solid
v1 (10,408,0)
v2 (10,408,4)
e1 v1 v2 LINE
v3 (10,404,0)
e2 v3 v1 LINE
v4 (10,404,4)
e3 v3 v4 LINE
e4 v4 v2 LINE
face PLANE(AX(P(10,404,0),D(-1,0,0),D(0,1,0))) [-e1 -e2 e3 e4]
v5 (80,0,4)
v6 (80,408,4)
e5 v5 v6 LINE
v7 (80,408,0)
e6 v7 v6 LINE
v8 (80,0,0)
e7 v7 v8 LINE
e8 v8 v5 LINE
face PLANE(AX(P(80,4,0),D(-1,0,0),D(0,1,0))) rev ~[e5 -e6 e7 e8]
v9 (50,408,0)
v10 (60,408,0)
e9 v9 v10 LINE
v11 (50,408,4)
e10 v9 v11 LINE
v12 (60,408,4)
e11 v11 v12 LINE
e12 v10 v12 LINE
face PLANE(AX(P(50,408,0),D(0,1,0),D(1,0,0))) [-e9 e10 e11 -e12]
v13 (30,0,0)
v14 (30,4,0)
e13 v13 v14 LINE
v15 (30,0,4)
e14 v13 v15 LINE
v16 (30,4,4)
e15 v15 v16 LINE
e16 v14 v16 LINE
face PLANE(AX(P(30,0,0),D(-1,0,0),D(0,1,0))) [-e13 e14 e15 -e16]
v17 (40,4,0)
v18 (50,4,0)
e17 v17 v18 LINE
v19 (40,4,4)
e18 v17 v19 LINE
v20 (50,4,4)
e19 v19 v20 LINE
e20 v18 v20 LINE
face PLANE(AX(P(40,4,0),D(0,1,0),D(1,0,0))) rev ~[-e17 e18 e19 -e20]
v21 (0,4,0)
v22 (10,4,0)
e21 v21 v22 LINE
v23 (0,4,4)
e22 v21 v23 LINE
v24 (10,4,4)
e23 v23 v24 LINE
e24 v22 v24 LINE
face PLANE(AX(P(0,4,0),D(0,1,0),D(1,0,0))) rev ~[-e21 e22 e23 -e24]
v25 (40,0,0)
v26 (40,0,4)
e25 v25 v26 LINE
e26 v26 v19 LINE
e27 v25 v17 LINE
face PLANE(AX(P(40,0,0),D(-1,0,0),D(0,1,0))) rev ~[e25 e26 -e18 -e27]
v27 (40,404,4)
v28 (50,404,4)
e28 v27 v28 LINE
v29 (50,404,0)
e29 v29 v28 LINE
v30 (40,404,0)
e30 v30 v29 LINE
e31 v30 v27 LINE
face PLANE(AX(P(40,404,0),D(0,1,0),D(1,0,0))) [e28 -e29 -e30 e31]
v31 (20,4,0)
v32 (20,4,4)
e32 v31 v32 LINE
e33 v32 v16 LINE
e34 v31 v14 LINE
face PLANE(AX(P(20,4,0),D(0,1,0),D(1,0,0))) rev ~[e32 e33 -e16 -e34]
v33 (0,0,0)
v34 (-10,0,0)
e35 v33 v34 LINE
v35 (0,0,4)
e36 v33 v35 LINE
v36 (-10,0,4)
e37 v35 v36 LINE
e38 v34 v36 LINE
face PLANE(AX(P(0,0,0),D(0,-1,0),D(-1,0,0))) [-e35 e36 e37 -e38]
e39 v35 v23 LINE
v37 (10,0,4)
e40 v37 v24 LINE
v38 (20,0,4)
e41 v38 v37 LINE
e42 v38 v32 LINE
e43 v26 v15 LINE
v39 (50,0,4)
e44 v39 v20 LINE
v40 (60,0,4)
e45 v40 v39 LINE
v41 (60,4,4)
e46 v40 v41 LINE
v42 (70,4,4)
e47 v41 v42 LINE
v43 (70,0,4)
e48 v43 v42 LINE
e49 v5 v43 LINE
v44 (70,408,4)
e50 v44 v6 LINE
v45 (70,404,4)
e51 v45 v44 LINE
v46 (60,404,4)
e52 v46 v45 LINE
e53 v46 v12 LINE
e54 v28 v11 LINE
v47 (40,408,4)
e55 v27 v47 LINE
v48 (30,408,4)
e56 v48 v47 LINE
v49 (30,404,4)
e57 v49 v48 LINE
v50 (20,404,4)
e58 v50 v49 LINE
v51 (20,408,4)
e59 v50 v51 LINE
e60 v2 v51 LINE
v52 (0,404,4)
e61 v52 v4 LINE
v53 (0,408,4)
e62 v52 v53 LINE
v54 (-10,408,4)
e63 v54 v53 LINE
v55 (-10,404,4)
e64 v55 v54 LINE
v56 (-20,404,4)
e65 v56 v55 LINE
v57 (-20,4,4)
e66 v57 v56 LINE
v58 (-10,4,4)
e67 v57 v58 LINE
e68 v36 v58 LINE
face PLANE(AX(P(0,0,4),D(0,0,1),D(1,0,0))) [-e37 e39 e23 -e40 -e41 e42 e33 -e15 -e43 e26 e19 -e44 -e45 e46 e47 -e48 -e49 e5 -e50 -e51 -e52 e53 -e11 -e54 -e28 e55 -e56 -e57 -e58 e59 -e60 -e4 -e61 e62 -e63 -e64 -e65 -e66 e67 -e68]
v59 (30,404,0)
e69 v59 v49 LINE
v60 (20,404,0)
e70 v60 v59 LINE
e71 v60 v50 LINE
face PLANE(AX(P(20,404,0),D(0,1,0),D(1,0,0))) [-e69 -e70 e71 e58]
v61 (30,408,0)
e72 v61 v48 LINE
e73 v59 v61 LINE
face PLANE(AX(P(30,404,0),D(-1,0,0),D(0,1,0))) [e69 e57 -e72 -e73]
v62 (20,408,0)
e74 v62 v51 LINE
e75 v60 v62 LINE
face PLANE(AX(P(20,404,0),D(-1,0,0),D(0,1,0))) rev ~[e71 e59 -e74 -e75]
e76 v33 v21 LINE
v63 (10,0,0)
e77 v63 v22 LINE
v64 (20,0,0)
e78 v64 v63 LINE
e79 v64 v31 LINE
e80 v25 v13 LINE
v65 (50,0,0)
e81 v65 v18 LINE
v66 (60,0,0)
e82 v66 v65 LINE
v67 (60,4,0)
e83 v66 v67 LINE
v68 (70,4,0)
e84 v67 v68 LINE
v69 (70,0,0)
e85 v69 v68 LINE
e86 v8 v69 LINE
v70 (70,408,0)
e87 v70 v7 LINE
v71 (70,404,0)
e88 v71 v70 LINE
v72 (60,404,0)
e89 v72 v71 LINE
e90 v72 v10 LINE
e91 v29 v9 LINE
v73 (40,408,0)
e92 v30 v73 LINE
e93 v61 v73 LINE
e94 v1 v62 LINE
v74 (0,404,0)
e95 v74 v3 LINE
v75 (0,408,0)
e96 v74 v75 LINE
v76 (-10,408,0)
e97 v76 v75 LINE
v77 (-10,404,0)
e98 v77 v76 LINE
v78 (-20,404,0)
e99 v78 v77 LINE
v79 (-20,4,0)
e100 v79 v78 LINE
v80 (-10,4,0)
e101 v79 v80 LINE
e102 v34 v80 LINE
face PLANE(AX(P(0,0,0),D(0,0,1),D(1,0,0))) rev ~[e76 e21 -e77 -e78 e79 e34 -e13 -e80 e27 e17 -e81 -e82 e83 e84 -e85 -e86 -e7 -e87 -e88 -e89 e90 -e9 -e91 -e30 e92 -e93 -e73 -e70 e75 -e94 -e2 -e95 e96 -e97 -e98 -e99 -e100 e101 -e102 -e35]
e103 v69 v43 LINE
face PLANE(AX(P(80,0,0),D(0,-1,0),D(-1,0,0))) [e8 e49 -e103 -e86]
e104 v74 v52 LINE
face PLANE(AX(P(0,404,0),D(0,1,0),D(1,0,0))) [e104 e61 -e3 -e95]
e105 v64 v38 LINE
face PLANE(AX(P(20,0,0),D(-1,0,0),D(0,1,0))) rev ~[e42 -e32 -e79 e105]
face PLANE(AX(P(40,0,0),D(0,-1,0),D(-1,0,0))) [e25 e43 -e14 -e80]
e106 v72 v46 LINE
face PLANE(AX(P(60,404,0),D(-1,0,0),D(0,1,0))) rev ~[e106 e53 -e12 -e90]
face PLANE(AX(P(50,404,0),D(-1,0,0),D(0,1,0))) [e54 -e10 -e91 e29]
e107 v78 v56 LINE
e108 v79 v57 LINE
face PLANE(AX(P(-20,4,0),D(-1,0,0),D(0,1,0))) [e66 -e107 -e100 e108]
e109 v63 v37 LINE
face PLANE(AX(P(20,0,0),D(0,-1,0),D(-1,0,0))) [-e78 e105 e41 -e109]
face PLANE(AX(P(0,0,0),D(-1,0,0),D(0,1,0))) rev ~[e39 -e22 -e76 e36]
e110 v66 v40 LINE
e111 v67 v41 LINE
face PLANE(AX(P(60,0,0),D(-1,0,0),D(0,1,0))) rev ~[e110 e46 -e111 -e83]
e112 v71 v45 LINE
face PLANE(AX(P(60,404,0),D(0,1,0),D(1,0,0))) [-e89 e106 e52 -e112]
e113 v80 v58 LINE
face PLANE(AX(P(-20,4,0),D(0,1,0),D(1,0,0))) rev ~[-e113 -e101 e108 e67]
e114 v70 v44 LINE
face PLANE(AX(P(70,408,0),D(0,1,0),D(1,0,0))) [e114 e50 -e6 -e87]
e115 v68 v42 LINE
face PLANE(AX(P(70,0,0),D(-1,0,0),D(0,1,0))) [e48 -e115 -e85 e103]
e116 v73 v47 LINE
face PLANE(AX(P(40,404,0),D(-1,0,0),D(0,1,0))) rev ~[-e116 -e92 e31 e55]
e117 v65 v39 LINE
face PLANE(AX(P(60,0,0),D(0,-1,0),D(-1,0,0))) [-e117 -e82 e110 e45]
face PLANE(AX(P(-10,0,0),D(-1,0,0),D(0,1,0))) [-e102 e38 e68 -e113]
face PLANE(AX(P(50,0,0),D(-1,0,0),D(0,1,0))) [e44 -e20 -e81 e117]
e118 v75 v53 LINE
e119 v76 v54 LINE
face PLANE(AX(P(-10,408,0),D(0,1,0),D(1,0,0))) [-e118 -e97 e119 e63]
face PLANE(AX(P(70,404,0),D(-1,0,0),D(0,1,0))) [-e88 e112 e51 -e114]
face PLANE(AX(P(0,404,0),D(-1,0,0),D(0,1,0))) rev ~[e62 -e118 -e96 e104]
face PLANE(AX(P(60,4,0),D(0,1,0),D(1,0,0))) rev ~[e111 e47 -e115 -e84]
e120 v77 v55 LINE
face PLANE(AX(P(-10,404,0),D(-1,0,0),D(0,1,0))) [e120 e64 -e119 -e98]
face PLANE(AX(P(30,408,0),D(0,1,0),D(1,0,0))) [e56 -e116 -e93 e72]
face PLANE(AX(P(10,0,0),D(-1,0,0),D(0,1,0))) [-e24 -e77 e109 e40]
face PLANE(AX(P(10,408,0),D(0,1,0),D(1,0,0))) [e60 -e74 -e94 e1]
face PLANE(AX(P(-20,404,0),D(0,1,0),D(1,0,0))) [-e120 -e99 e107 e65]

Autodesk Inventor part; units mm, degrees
ref_plane "YZ Plane" through (0, 0, 0) normal (1, 0, 0) x (0, 1, 0)
ref_plane "XZ Plane" through (0, 0, 0) normal (0, 1, 0) x (-1, 0, 0)
ref_plane "XY Plane" through (0, 0, 0) normal (0, 0, 1) x (1, 0, 0)
sketch "Эскиз1" plane through (0, 0, 0) normal (0, 0, 1) x (1, 0, 0)
  line L0 (0, 0) -> (-10, 0) projected
  line L1 (0, 0) -> (0, 4) projected
  line L2 (-10, 4) -> (0, 4) projected
  line L3 (-10, 0) -> (-10, 4) projected
  line L4 (20, 0) -> (10, 0) projected
  line L5 (20, 0) -> (20, 4) projected
  line L6 (10, 4) -> (20, 4) projected
  line L7 (10, 0) -> (10, 4) projected
  line L8 (-20, 4) -> (-10, 4) projected
  line L9 (0, 4) -> (10, 4) projected
  line L10 (40, 0) -> (30, 0) projected
  line L11 (40, 0) -> (40, 4) projected
  line L12 (30, 4) -> (40, 4) projected
  line L13 (30, 0) -> (30, 4) projected
  line L14 (20, 4) -> (30, 4) projected
  line L15 (40, 4) -> (50, 4) projected
  line L16 (60, 0) -> (50, 0) projected
  line L17 (60, 0) -> (60, 4) projected
  line L18 (50, 4) -> (60, 4) projected
  line L19 (50, 0) -> (50, 4) projected
  line L20 (60, 4) -> (70, 4) projected
  line L21 (80, 0) -> (70, 0) projected
  line L22 (80, 4) -> (80, 0) projected
  line L23 (70, 4) -> (80, 4) projected
  line L24 (70, 0) -> (70, 4) projected
  line L25 (-20, 404) -> (-10, 404) projected
  line L26 (0, 404) -> (10, 404) projected
  line L27 (20, 404) -> (30, 404) projected
  line L28 (40, 404) -> (50, 404) projected
  line L29 (60, 404) -> (70, 404) projected
  line L30 (80, 404) -> (70, 404) projected
  line L31 (80, 408) -> (80, 404) projected
  line L32 (70, 408) -> (80, 408) projected
  line L33 (70, 404) -> (70, 408) projected
  line L34 (60, 404) -> (50, 404) projected
  line L35 (60, 404) -> (60, 408) projected
  line L36 (50, 408) -> (60, 408) projected
  line L37 (50, 404) -> (50, 408) projected
  line L38 (40, 404) -> (30, 404) projected
  line L39 (40, 404) -> (40, 408) projected
  line L40 (30, 408) -> (40, 408) projected
  line L41 (30, 404) -> (30, 408) projected
  line L42 (10, 408) -> (20, 408) projected
  line L43 (20, 404) -> (10, 404) projected
  line L44 (20, 404) -> (20, 408) projected
  line L45 (10, 408) -> (20, 408) projected
  line L46 (10, 404) -> (10, 408) projected
  line L47 (0, 404) -> (-10, 404) projected
  line L48 (0, 404) -> (0, 408) projected
  line L49 (-10, 408) -> (0, 408) projected
  line L50 (-10, 404) -> (-10, 408) projected
  line L51 (80, 4) -> (80, 404)
  line L52 (-20, 4) -> (-20, 404)
extrude "Выдавливание1" add sketch "Эскиз1" along normal blind 4
properties part number "низ"
